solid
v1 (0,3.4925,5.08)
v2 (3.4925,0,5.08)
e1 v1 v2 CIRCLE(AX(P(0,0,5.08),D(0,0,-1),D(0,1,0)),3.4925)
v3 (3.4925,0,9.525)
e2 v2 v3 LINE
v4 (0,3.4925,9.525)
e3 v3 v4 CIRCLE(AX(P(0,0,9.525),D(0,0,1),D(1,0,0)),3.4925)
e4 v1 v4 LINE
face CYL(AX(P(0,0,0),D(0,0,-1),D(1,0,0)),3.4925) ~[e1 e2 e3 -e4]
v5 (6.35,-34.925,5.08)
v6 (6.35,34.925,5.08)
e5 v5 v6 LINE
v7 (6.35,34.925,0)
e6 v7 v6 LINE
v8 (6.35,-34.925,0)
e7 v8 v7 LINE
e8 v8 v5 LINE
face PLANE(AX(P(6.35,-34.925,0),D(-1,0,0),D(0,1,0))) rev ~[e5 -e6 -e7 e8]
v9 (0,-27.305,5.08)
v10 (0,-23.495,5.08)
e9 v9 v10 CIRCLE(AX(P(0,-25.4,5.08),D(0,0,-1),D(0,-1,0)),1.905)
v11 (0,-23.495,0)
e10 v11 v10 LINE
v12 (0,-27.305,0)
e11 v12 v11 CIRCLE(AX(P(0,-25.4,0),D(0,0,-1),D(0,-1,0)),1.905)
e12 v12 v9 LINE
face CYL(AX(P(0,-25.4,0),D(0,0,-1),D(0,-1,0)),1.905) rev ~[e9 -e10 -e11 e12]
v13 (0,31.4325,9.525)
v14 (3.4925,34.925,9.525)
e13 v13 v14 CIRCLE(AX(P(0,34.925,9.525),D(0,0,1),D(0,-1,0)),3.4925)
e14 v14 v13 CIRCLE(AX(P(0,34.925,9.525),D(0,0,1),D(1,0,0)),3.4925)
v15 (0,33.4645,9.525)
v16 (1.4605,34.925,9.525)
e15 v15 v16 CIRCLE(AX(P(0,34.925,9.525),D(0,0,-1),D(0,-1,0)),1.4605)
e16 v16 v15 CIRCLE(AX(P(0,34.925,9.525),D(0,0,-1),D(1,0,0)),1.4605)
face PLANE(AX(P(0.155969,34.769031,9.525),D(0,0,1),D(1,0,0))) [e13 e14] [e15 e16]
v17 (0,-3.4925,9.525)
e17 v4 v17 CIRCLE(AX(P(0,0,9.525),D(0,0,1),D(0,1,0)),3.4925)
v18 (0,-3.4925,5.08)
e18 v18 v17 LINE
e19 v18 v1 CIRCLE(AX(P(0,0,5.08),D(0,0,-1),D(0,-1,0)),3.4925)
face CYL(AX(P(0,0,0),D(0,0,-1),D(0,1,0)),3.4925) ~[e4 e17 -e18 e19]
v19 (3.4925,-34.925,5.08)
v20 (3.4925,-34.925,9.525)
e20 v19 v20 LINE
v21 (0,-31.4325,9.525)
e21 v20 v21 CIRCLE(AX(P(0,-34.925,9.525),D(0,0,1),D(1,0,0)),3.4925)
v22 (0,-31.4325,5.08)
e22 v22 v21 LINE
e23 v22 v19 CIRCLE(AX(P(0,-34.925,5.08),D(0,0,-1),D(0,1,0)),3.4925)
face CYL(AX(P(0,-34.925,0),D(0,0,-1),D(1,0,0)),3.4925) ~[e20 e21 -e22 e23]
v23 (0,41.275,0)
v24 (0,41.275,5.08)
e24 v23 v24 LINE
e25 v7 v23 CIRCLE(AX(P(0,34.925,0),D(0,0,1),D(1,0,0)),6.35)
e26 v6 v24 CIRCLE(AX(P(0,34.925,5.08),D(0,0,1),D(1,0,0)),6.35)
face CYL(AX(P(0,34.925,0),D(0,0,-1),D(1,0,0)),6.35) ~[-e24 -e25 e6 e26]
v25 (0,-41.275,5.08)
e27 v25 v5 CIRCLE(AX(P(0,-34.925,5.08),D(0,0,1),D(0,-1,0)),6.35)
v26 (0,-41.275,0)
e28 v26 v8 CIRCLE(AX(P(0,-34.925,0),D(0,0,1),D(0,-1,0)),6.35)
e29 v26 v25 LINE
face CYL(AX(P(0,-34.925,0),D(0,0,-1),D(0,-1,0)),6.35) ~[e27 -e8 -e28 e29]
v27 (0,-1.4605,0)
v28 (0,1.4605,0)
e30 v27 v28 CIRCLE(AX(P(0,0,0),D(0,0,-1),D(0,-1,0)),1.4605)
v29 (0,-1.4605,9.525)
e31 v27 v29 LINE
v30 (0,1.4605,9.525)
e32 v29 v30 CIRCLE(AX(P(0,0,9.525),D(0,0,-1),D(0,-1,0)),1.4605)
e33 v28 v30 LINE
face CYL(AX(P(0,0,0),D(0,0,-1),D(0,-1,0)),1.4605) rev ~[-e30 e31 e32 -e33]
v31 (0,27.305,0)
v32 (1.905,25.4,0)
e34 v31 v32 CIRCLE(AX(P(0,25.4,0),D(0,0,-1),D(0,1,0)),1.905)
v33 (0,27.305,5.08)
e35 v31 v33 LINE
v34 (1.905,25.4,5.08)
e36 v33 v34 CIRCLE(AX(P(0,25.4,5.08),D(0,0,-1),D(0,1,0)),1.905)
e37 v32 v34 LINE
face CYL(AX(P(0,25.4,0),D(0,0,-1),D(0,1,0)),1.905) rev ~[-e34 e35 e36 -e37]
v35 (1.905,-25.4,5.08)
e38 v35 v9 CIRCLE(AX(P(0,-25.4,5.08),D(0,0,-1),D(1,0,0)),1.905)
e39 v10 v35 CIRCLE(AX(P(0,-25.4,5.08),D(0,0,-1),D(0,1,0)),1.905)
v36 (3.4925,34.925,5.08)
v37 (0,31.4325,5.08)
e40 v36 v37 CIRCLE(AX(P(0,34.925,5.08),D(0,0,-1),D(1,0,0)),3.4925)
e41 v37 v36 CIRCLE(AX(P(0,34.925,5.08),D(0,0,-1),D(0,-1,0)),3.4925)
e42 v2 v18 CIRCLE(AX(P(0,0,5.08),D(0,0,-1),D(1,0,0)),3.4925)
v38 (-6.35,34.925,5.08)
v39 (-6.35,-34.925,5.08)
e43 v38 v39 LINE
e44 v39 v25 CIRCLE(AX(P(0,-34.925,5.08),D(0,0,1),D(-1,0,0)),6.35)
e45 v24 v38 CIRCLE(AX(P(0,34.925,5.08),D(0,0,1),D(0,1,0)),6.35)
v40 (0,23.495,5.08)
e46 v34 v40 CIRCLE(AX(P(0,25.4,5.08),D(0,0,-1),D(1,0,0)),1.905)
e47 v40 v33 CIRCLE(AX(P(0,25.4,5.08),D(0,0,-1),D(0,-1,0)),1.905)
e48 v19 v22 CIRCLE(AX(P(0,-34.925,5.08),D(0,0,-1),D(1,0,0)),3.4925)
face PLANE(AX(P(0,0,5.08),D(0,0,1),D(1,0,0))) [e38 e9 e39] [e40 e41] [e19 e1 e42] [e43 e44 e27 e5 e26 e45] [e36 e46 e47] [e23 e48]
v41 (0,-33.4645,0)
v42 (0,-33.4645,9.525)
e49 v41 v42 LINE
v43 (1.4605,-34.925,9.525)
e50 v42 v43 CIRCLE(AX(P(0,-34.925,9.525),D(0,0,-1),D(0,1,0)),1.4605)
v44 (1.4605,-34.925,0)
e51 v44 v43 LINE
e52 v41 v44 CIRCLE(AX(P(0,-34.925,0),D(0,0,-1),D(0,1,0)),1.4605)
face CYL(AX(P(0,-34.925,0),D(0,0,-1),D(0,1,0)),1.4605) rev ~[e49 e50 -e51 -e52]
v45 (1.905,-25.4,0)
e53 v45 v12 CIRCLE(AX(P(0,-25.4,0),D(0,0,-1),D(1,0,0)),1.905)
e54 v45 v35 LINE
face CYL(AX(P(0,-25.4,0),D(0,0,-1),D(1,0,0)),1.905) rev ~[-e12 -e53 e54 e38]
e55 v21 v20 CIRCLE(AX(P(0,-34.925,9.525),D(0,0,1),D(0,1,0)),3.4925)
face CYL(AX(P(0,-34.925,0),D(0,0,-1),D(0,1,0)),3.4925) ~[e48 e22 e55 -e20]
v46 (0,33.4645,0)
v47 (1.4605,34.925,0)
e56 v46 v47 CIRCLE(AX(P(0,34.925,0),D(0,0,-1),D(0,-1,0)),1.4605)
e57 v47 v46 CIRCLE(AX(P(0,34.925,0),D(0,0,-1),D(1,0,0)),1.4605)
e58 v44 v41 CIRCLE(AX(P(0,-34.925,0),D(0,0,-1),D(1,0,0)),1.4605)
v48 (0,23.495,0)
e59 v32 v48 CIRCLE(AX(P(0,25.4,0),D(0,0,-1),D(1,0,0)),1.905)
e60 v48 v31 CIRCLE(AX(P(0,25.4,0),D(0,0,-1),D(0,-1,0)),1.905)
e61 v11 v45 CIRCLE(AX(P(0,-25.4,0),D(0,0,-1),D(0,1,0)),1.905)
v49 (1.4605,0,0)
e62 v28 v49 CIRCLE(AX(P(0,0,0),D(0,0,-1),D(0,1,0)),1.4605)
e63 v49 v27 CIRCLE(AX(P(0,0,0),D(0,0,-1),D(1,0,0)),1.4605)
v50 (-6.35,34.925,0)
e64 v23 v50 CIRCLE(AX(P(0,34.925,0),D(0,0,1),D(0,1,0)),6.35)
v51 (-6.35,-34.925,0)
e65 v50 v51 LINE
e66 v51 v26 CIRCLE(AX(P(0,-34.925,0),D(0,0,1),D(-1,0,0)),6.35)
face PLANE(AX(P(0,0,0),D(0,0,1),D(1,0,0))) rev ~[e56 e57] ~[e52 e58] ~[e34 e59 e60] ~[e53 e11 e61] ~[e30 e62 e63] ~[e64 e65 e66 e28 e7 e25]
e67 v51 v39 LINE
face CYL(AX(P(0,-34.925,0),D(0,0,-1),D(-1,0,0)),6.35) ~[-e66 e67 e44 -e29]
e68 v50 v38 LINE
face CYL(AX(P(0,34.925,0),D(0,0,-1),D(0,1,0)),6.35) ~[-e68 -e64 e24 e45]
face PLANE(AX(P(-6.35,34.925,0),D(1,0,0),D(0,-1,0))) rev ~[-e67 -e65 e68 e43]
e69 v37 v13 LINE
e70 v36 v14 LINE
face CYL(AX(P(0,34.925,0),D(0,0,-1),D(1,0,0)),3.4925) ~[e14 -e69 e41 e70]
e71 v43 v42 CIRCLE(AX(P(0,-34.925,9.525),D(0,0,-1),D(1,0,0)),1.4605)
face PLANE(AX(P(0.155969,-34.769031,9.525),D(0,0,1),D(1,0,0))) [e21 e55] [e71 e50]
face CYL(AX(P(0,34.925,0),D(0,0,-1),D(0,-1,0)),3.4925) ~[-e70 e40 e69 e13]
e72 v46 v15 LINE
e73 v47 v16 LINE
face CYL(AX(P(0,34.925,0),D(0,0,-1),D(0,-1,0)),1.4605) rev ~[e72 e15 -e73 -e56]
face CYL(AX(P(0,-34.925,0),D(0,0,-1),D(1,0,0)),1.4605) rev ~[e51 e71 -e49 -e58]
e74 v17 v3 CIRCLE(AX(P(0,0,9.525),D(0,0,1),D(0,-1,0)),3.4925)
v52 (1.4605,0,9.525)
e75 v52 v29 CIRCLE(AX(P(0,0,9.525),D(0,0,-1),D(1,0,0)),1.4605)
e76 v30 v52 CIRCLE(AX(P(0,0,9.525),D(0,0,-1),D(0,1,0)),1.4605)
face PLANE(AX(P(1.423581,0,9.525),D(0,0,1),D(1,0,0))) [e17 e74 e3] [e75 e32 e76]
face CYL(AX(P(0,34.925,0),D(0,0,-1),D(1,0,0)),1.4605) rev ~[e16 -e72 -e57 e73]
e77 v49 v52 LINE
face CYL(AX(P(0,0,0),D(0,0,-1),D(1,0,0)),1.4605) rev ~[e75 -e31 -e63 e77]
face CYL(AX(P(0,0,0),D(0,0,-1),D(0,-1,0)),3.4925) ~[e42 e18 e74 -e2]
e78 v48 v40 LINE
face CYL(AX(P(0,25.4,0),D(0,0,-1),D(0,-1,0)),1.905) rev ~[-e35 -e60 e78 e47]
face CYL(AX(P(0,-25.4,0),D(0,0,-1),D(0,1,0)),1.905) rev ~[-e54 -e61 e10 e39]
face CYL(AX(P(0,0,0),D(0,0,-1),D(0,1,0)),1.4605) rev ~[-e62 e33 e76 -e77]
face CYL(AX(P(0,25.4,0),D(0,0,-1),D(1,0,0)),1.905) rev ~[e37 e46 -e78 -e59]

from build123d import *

# Parameters (mm, degrees)
F1_DEPTH = 5.08
F2_DEPTH = 9.525


with BuildPart() as f1:
    # F0 (on Top) → F1 (new body)
    with BuildSketch(Plane.XY):
        with BuildLine():
            ThreePointArc((0, -41.275), (4.4901280605, -39.4151280605), (6.35, -34.925))
            Line((6.35, -34.925), (6.35, 34.925))
            ThreePointArc((6.35, 34.925), (4.4901280605, 39.4151280605), (0, 41.275))
            ThreePointArc((0, 41.275), (-4.4901280605, 39.4151280605), (-6.35, 34.925))
            Line((-6.35, 34.925), (-6.35, -34.925))
            ThreePointArc((-6.35, -34.925), (-4.4901280605, -39.4151280605), (0, -41.275))
        make_face()
        with BuildLine():
            ThreePointArc((3.4925, -34.925), (-2.4695704333, -37.3945704333), (0, -31.4325))
            ThreePointArc((0, -31.4325), (2.4695704333, -32.4554295667), (3.4925, -34.925))
        make_face(mode=Mode.SUBTRACT)
        with BuildLine():
            ThreePointArc((0, -27.305), (-1.905, -25.4), (0, -23.495))
            ThreePointArc((0, -23.495), (1.3470384182, -24.0529615818), (1.905, -25.4))
            ThreePointArc((1.905, -25.4), (1.3470384182, -26.7470384182), (0, -27.305))
        make_face(mode=Mode.SUBTRACT)
        with BuildLine():
            ThreePointArc((0, -3.4925), (-3.4925, 0), (0, 3.4925))
            ThreePointArc((0, 3.4925), (2.4695704333, 2.4695704333), (3.4925, 0))
            ThreePointArc((3.4925, 0), (2.4695704333, -2.4695704333), (0, -3.4925))
        make_face(mode=Mode.SUBTRACT)
        with BuildLine():
            ThreePointArc((0, 23.495), (-1.905, 25.4), (0, 27.305))
            ThreePointArc((0, 27.305), (1.3470384182, 26.7470384182), (1.905, 25.4))
            ThreePointArc((1.905, 25.4), (1.3470384182, 24.0529615818), (0, 23.495))
        make_face(mode=Mode.SUBTRACT)
        with BuildLine():
            ThreePointArc((3.4925, 34.925), (2.4695704333, 32.4554295667), (0, 31.4325))
            ThreePointArc((0, 31.4325), (-2.4695704333, 37.3945704333), (3.4925, 34.925))
        make_face(mode=Mode.SUBTRACT)
    extrude(amount=F1_DEPTH)

    # F0 (on Top) → F2 (join)
    with BuildSketch(Plane.XY):
        with BuildLine():
            ThreePointArc((3.4925, -34.925), (2.4695704333, -32.4554295667), (0, -31.4325))
            ThreePointArc((0, -31.4325), (-2.4695704333, -37.3945704333), (3.4925, -34.925))
        make_face()
        with BuildLine():
            ThreePointArc((1.4605, -34.925), (-1.0327294539, -35.9577294539), (0, -33.4645))
            ThreePointArc((0, -33.4645), (1.0327294539, -33.8922705461), (1.4605, -34.925))
        make_face(mode=Mode.SUBTRACT)
        with BuildLine():
            ThreePointArc((3.4925, 0), (2.4695704333, 2.4695704333), (0, 3.4925))
            Line((0, 3.4925), (0, 1.4605))
            ThreePointArc((0, 1.4605), (1.0327294539, 1.0327294539), (1.4605, 0))
            ThreePointArc((1.4605, 0), (1.0327294539, -1.0327294539), (0, -1.4605))
            Line((0, -1.4605), (0, -3.4925))
            ThreePointArc((0, -3.4925), (2.4695704333, -2.4695704333), (3.4925, 0))
        make_face()
        with BuildLine():
            Line((0, 1.4605), (0, 3.4925))
            ThreePointArc((0, 3.4925), (-3.4925, 0), (0, -3.4925))
            Line((0, -3.4925), (0, -1.4605))
            ThreePointArc((0, -1.4605), (-1.4605, 0), (0, 1.4605))
        make_face()
        with BuildLine():
            ThreePointArc((3.4925, 34.925), (-2.4695704333, 37.3945704333), (0, 31.4325))
            ThreePointArc((0, 31.4325), (2.4695704333, 32.4554295667), (3.4925, 34.925))
        make_face()
        with BuildLine():
            ThreePointArc((1.4605, 34.925), (1.0327294539, 33.8922705461), (0, 33.4645))
            ThreePointArc((0, 33.4645), (-1.0327294539, 35.9577294539), (1.4605, 34.925))
        make_face(mode=Mode.SUBTRACT)
    extrude(amount=F2_DEPTH)


solid = f1.part
